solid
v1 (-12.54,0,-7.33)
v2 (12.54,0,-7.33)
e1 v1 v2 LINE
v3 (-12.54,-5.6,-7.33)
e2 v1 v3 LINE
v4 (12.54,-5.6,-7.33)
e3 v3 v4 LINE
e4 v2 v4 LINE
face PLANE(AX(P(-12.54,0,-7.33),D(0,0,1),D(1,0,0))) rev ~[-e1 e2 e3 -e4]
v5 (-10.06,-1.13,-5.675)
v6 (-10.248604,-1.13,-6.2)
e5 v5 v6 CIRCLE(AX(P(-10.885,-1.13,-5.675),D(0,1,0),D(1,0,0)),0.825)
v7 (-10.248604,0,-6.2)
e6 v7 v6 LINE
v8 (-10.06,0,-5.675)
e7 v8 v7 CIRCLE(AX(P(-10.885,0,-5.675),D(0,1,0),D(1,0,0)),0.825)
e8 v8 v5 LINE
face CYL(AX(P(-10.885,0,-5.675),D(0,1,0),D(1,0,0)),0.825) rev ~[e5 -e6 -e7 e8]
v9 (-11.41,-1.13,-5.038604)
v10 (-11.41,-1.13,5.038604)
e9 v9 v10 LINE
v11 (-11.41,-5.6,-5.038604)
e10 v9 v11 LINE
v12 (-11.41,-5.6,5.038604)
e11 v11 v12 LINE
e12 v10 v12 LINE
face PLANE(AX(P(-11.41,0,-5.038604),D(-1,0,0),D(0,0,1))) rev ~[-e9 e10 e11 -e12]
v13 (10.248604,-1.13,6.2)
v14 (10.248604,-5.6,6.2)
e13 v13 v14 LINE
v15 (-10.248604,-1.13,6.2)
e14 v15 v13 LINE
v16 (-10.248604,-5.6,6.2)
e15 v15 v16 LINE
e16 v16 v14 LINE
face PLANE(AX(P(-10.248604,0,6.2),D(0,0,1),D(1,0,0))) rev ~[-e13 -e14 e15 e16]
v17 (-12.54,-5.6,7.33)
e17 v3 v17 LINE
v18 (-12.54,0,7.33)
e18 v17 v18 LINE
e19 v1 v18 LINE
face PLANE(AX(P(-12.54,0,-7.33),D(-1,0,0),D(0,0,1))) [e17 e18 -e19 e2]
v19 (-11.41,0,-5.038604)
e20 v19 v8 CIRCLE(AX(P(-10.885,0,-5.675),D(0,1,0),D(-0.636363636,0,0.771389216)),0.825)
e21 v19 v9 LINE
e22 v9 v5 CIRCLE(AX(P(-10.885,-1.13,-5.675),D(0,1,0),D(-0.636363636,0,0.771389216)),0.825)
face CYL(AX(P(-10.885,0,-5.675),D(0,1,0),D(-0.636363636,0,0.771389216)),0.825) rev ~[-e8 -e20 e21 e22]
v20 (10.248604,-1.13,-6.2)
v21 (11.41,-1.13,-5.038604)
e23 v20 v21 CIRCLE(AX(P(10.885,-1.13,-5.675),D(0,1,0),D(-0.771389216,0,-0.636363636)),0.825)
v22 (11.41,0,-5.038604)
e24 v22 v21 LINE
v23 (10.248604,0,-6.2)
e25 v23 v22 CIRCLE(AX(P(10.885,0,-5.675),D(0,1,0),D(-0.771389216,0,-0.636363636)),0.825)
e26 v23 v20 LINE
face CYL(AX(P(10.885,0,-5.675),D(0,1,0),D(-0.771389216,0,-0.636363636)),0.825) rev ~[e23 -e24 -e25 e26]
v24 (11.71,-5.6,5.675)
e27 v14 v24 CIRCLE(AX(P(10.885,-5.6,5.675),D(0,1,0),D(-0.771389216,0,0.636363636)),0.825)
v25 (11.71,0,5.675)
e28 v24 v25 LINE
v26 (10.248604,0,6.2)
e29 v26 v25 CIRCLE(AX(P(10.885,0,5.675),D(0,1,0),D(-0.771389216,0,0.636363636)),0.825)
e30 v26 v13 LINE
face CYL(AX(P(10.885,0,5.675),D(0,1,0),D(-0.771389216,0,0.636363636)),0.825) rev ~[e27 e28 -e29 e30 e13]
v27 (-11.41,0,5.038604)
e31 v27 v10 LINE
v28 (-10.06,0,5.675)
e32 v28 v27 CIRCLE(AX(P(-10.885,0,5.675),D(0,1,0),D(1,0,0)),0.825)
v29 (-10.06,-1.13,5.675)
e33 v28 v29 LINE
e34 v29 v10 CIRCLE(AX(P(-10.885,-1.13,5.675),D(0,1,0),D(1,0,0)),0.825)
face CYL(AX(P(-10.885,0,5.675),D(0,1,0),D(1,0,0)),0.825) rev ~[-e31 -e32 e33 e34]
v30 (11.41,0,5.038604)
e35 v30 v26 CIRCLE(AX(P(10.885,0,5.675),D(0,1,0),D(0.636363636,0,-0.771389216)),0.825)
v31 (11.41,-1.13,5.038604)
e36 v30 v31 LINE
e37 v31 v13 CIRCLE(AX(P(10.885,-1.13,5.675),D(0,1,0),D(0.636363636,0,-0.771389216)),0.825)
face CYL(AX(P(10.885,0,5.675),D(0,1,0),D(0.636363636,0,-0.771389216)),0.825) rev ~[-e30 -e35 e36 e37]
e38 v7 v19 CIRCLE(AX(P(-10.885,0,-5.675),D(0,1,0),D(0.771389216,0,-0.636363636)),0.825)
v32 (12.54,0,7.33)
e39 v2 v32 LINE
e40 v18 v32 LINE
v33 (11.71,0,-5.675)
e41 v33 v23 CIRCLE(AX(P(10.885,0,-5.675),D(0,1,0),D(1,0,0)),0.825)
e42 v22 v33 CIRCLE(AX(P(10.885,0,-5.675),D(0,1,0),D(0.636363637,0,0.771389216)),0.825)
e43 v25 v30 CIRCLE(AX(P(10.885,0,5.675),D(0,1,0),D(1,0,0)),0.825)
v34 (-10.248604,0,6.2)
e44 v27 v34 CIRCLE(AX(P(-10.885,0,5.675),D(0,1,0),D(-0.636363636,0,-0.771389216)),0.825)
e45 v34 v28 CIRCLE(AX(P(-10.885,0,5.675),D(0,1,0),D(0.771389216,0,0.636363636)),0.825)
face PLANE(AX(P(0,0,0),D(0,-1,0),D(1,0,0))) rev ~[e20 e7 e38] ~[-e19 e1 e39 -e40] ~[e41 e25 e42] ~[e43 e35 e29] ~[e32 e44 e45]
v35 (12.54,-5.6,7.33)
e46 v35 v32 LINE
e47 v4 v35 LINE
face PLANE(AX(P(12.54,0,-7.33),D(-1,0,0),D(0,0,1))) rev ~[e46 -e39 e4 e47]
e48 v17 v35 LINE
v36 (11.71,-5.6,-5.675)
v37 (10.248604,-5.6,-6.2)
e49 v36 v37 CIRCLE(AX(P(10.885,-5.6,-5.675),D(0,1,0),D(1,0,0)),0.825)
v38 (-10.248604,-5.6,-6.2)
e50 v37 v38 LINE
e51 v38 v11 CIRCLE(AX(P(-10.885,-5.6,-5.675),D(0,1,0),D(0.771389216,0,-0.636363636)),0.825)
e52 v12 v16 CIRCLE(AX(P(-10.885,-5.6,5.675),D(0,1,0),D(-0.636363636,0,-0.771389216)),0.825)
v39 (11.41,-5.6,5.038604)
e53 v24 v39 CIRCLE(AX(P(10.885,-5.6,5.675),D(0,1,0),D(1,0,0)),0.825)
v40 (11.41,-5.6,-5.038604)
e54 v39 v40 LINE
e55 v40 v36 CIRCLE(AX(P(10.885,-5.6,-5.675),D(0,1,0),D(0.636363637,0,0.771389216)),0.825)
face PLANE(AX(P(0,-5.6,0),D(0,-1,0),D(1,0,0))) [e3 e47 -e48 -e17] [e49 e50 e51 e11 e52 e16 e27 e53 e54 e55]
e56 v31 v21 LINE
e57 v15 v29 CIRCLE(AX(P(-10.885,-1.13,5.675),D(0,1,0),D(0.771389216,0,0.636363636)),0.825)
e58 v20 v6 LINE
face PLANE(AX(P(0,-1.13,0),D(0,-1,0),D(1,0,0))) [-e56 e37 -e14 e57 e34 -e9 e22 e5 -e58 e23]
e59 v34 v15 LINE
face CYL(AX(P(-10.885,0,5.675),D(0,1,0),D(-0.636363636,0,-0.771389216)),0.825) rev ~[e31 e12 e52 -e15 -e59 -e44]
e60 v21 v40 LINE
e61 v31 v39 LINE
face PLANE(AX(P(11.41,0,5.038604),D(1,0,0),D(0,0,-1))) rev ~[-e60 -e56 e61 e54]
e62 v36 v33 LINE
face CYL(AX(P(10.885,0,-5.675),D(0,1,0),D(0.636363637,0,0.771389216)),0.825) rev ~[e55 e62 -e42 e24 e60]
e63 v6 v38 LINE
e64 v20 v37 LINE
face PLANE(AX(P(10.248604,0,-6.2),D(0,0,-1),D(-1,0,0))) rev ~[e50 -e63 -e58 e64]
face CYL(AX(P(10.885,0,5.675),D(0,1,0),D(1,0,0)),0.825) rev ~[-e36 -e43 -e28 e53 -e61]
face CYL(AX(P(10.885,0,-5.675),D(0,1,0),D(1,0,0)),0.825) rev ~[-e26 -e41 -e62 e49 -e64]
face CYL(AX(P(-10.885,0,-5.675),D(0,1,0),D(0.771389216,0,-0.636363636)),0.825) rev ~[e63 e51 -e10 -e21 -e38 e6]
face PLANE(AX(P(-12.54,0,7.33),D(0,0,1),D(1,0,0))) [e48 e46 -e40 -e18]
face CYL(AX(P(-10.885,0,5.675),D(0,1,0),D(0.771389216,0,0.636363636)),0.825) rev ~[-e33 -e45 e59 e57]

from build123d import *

# Parameters (mm, degrees)
F0_W     = 25.08
F0_H     = 14.66
F1_DEPTH = 5.6
F2_DEPTH = 1.13


with BuildPart() as f1:
    # F0 (on Front) → F1 (new body)
    with BuildSketch(Plane.XZ):
        Rectangle(F0_W, F0_H)
        with BuildLine():
            Line((-10.2486038969, 6.2), (10.2486038969, 6.2))
            ThreePointArc((10.2486038969, 6.2), (11.1639249137, 6.4514186323), (11.71, 5.675))
            ThreePointArc((11.71, 5.675), (11.6312405778, 5.323218818), (11.41, 5.0386038969))
            Line((11.41, 5.0386038969), (11.41, -5.0386038969))
            ThreePointArc((11.41, -5.0386038969), (11.6312405778, -5.323218818), (11.71, -5.675))
            ThreePointArc((11.71, -5.675), (11.1639249137, -6.4514186323), (10.2486038969, -6.2))
            Line((10.2486038969, -6.2), (-10.2486038969, -6.2))
            ThreePointArc((-10.2486038969, -6.2), (-11.4683630945, -6.2583630945), (-11.41, -5.0386038969))
            Line((-11.41, -5.0386038969), (-11.41, 5.0386038969))
            ThreePointArc((-11.41, 5.0386038969), (-11.4683630945, 6.2583630945), (-10.2486038969, 6.2))
        make_face(mode=Mode.SUBTRACT)
    extrude(amount=F1_DEPTH)

    # F0 (on Front) → F2 (join)
    with BuildSketch(Plane.XZ):
        Rectangle(F0_W, F0_H)
        with BuildLine():
            Line((-10.2486038969, 6.2), (10.2486038969, 6.2))
            ThreePointArc((10.2486038969, 6.2), (11.1639249137, 6.4514186323), (11.71, 5.675))
            ThreePointArc((11.71, 5.675), (11.6312405778, 5.323218818), (11.41, 5.0386038969))
            Line((11.41, 5.0386038969), (11.41, -5.0386038969))
            ThreePointArc((11.41, -5.0386038969), (11.6312405778, -5.323218818), (11.71, -5.675))
            ThreePointArc((11.71, -5.675), (11.1639249137, -6.4514186323), (10.2486038969, -6.2))
            Line((10.2486038969, -6.2), (-10.2486038969, -6.2))
            ThreePointArc((-10.2486038969, -6.2), (-11.4683630945, -6.2583630945), (-11.41, -5.0386038969))
            Line((-11.41, -5.0386038969), (-11.41, 5.0386038969))
            ThreePointArc((-11.41, 5.0386038969), (-11.4683630945, 6.2583630945), (-10.2486038969, 6.2))
        make_face(mode=Mode.SUBTRACT)
        with BuildLine():
            ThreePointArc((11.41, 5.0386038969), (10.3016369055, 5.0916369055), (10.2486038969, 6.2))
            Line((10.2486038969, 6.2), (-10.2486038969, 6.2))
            ThreePointArc((-10.2486038969, 6.2), (-10.1085813677, 5.9539249137), (-10.06, 5.675))
            ThreePointArc((-10.06, 5.675), (-10.533218818, 4.9287594222), (-11.41, 5.0386038969))
            Line((-11.41, 5.0386038969), (-11.41, -5.0386038969))
            ThreePointArc((-11.41, -5.0386038969), (-10.533218818, -4.9287594222), (-10.06, -5.675))
            ThreePointArc((-10.06, -5.675), (-10.1085813677, -5.9539249137), (-10.2486038969, -6.2))
            Line((-10.2486038969, -6.2), (10.2486038969, -6.2))
            ThreePointArc((10.2486038969, -6.2), (10.3016369055, -5.0916369055), (11.41, -5.0386038969))
            Line((11.41, -5.0386038969), (11.41, 5.0386038969))
        make_face()
    extrude(amount=F2_DEPTH)


solid = f1.part
